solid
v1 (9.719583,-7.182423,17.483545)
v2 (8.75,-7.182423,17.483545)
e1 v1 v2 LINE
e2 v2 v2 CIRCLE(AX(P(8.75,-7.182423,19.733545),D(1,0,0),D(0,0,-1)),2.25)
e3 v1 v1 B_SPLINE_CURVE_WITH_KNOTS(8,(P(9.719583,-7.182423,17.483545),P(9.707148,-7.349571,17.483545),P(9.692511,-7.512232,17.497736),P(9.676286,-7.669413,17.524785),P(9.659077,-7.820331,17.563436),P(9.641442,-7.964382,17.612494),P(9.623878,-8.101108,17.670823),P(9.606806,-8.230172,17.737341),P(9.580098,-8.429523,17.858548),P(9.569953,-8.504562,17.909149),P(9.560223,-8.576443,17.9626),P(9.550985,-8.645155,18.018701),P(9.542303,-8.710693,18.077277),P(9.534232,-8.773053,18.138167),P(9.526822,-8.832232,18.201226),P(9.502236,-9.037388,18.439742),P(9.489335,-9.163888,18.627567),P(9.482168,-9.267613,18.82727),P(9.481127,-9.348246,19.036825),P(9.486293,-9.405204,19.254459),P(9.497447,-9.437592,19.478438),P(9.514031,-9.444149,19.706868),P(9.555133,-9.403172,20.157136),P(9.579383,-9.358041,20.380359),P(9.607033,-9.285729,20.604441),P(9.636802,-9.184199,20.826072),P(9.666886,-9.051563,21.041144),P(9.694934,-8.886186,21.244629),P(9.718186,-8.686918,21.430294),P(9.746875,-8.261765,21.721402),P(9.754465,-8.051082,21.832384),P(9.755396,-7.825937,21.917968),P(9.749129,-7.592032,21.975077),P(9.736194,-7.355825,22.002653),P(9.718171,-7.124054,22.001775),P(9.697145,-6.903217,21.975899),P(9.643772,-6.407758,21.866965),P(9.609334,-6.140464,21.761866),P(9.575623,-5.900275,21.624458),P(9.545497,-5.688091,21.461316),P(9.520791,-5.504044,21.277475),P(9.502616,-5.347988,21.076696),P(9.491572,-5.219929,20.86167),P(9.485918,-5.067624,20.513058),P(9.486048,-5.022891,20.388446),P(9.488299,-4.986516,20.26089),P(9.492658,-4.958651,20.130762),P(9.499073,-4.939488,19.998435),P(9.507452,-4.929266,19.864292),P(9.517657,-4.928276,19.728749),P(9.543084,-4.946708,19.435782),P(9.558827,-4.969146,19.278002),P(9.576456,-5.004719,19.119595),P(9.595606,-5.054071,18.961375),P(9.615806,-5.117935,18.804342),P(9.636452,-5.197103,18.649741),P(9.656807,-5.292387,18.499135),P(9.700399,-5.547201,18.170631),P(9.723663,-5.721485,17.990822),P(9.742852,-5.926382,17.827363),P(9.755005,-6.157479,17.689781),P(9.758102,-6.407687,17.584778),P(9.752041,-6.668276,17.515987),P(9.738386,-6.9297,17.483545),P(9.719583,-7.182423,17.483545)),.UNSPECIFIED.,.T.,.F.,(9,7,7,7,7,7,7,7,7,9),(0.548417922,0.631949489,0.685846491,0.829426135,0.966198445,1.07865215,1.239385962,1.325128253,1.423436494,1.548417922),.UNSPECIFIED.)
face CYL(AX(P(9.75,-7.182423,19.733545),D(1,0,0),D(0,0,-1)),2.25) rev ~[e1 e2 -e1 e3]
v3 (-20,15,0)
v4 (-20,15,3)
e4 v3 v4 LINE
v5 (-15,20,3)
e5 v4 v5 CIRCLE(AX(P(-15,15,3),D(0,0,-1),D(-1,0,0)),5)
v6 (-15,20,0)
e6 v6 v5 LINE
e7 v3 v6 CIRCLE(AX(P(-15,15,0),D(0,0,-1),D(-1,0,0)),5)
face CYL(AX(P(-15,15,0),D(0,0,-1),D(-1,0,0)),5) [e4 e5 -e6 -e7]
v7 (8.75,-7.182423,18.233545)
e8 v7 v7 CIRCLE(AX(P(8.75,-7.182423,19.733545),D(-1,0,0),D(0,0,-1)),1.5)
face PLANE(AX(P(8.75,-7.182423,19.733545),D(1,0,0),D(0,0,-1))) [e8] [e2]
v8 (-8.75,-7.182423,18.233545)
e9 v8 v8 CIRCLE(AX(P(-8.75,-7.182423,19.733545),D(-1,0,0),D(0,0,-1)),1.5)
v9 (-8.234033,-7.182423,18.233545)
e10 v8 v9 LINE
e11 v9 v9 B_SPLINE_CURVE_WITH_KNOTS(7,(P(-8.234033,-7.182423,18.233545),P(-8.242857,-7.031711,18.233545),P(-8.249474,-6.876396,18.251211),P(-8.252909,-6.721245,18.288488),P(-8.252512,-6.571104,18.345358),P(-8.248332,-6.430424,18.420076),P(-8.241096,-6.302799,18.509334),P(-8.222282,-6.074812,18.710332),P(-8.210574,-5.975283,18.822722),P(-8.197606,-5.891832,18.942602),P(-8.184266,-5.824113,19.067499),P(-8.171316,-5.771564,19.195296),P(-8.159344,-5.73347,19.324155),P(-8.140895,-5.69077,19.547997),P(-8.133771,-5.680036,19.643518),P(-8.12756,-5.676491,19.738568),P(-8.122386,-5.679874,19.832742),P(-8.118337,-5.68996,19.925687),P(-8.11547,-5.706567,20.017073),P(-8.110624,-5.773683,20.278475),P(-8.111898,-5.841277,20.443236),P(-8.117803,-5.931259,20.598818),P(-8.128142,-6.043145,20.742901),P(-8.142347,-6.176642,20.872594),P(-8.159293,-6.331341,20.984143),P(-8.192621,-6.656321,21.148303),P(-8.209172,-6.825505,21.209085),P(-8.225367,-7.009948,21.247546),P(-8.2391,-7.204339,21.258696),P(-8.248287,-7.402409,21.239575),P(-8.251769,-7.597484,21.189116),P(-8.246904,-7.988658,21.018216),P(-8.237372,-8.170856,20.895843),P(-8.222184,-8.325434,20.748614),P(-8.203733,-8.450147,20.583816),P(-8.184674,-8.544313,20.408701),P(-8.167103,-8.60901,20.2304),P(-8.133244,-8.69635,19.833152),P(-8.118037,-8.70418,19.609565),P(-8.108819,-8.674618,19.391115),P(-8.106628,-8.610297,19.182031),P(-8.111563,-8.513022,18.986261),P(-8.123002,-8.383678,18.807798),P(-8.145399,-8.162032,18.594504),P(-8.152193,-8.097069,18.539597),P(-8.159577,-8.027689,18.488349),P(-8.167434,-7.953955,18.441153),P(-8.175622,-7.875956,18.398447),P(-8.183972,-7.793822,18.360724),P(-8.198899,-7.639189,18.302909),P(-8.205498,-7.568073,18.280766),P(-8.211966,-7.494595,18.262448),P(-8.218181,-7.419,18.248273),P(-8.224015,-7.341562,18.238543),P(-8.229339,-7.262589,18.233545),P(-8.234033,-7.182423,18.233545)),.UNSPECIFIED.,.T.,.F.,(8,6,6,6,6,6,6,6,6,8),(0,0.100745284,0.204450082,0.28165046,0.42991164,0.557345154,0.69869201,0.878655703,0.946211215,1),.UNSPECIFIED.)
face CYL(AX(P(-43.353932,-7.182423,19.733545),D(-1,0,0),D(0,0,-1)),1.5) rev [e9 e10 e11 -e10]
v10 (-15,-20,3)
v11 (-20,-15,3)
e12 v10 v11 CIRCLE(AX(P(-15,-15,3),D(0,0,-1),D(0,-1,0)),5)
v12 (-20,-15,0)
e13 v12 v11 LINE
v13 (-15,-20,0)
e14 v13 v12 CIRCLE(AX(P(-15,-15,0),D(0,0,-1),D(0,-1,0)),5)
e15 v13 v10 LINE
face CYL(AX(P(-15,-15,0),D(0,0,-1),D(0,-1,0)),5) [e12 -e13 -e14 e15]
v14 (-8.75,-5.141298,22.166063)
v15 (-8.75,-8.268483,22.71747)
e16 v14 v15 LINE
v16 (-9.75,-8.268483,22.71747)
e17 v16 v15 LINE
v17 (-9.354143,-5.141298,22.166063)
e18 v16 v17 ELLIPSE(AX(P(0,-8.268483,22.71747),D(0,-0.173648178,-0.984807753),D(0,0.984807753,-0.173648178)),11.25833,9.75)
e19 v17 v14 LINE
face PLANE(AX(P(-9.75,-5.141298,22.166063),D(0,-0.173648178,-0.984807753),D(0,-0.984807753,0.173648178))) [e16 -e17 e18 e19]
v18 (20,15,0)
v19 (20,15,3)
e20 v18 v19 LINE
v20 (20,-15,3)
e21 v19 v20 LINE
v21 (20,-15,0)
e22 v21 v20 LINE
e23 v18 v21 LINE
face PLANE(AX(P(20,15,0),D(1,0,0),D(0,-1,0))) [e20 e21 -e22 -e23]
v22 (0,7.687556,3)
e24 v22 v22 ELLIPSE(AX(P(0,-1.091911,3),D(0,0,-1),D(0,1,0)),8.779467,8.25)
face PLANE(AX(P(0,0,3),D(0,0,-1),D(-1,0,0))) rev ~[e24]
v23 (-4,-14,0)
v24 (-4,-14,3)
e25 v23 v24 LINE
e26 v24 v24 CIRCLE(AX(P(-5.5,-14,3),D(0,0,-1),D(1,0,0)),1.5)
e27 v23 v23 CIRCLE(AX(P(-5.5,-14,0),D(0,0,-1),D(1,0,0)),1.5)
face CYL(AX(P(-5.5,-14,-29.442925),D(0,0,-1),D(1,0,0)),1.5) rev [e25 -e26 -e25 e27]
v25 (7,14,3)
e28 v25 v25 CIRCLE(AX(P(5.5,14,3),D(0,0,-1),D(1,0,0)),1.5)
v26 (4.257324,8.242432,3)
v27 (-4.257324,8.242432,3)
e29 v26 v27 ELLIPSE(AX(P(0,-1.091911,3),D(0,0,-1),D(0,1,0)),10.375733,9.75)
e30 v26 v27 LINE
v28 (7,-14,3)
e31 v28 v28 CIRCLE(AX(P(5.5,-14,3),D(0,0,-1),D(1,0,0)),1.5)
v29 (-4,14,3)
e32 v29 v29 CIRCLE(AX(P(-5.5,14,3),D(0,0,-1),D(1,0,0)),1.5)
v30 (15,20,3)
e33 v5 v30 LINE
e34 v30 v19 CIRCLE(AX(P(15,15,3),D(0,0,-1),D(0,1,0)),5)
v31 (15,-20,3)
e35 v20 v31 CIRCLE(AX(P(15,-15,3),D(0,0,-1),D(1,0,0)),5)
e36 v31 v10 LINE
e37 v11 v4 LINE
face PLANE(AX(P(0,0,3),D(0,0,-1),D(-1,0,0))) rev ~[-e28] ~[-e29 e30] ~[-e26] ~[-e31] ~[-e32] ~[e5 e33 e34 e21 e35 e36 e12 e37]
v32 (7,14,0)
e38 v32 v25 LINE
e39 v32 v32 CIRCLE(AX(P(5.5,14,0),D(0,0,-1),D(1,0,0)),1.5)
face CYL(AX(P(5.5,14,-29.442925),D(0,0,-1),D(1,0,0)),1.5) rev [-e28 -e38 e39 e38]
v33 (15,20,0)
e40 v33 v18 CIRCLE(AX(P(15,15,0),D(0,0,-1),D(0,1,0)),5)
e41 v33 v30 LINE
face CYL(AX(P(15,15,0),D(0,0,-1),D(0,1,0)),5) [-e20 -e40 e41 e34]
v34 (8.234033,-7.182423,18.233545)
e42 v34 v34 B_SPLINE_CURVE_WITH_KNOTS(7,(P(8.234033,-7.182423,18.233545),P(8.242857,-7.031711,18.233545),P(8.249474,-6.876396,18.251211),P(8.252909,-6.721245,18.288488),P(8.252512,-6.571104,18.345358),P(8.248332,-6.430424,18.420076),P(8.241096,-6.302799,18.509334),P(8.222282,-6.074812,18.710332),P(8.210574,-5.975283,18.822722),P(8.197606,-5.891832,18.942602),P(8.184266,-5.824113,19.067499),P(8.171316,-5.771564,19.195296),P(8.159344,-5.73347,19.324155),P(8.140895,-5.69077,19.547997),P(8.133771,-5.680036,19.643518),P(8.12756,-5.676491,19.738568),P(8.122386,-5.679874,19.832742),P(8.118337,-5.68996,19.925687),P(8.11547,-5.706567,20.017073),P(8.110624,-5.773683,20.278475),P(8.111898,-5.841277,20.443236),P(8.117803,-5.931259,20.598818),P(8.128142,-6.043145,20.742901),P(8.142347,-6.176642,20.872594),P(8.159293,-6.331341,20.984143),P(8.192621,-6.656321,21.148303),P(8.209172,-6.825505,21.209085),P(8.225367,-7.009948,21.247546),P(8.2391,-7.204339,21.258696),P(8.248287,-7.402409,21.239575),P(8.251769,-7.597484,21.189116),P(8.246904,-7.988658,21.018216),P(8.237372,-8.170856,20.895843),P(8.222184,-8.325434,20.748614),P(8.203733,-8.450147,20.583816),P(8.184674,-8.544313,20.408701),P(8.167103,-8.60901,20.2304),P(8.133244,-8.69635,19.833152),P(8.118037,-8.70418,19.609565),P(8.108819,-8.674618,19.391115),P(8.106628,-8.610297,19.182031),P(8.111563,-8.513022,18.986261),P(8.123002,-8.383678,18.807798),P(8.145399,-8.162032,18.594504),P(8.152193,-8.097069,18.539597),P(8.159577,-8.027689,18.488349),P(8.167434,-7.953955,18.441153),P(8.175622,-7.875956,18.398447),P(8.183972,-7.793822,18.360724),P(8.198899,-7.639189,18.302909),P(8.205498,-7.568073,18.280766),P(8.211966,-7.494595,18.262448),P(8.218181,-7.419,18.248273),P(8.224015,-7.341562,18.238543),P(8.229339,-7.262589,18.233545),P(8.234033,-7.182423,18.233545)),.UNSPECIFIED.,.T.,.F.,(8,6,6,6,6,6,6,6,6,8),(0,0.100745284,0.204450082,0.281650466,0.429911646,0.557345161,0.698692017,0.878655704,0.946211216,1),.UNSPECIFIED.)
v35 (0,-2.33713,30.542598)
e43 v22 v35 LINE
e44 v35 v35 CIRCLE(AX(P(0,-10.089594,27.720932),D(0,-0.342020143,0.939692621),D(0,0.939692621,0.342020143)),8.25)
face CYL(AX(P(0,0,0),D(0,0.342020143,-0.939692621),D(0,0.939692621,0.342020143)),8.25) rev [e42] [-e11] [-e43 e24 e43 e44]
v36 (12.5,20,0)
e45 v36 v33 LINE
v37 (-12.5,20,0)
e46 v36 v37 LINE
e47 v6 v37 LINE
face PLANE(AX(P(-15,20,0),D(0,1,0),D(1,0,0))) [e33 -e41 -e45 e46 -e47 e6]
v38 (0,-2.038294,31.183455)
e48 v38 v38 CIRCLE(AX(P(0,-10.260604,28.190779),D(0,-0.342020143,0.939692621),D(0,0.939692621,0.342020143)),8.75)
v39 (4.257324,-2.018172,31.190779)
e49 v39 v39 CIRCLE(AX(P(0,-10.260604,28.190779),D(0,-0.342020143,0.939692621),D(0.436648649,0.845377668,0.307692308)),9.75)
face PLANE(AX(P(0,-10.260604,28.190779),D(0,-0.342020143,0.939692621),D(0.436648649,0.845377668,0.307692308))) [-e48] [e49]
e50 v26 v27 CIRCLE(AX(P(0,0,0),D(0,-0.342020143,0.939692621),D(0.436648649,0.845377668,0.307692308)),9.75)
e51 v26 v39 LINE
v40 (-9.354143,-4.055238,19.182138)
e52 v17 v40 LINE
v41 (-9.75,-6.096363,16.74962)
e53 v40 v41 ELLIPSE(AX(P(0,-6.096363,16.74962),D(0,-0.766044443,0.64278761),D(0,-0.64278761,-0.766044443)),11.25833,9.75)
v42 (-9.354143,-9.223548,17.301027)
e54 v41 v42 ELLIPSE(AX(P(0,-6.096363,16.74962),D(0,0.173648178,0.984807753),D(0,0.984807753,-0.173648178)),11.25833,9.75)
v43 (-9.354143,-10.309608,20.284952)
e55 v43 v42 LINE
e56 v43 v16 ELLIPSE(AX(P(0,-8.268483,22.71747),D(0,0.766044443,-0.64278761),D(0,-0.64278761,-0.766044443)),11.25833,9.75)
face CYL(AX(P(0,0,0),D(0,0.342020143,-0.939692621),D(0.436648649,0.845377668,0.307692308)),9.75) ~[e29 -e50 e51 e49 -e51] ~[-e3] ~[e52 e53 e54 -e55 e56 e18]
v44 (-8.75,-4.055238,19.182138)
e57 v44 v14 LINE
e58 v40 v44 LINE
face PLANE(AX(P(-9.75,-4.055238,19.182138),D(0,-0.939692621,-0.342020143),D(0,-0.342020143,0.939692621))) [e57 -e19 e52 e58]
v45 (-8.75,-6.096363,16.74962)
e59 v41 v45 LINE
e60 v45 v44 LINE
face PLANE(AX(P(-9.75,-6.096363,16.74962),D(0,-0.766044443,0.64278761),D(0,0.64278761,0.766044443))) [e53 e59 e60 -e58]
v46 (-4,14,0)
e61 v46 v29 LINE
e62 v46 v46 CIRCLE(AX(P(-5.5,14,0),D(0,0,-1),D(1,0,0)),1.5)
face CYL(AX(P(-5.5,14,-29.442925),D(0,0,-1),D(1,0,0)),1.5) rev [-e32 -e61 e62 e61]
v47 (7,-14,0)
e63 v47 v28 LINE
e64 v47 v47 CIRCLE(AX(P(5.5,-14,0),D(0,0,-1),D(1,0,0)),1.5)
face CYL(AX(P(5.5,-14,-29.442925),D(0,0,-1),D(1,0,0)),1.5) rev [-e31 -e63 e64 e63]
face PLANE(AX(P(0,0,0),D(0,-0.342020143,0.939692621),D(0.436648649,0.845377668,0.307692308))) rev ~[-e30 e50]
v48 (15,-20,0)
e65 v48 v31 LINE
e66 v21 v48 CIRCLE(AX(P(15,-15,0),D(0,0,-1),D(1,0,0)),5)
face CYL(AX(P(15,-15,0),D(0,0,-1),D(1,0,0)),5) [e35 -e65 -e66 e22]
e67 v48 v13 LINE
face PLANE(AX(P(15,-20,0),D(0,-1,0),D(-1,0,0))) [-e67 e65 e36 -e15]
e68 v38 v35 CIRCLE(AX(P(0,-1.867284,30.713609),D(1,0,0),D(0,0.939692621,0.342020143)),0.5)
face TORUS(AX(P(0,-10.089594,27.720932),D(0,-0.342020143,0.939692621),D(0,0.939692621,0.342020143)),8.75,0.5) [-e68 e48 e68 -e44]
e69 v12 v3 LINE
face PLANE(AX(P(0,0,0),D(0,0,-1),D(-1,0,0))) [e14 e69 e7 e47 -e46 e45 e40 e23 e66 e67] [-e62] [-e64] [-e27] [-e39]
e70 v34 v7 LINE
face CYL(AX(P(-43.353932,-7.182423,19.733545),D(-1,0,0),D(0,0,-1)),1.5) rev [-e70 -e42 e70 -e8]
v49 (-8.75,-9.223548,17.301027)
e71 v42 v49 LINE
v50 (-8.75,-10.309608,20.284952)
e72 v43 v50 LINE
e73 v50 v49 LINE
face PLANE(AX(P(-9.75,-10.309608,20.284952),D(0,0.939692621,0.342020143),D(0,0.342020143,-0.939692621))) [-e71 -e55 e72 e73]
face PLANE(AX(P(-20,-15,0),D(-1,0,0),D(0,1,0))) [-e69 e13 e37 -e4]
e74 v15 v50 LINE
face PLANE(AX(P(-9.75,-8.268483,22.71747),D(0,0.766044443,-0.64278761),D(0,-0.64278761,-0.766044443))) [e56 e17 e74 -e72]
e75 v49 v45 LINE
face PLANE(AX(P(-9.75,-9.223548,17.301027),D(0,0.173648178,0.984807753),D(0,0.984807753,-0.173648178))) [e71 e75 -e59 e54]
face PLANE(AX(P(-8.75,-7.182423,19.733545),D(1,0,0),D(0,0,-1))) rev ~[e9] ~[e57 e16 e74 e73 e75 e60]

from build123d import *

# Parameters (mm, degrees)
EXTRUDE_1_DEPTH          = 3
CUT_EXTRUDE_2_DEPTH      = 29.442925307
CUT_EXTRUDE_2_DEPTH_BACK = 29.442925307
SKETCH_2_R               = 1.5
SKETCH_3_R               = 9.75
SKETCH_3_R_2             = 8.25
EXTRUDE_2_DEPTH          = 30
SKETCH_4_W               = 10.093928953
SKETCH_4_H               = 39.979180772
CUT_EXTRUDE_3_DEPTH      = 12.5
CUT_EXTRUDE_4_DEPTH      = 43.353932229
CUT_EXTRUDE_4_DEPTH_BACK = 43.353932229
SKETCH_5_R               = 1.5
SKETCH_6_R               = 2.25
CUT_EXTRUDE_5_DEPTH      = 1
CUT_EXTRUDE_6_DEPTH      = 1
FILLET_1_R               = 0.5


with BuildPart() as part:
    # 草圖1 → 填料-伸長1 (new body)
    with BuildSketch(Plane.XY):
        with BuildLine():
            Line((-15, 20), (15, 20))
            ThreePointArc((15, 20), (18.535533906, 18.535533906), (20, 15))
            Line((20, 15), (20, -15))
            ThreePointArc((20, -15), (18.535533906, -18.535533906), (15, -20))
            Line((15, -20), (-15, -20))
            ThreePointArc((-15, -20), (-18.535533906, -18.535533906), (-20, -15))
            Line((-20, -15), (-20, 15))
            ThreePointArc((-20, 15), (-18.535533906, 18.535533906), (-15, 20))
        make_face()
    extrude(amount=EXTRUDE_1_DEPTH)

    # 草圖2 → 除料-伸長2 (cut, two sides: drawn at the far end of the back side and taken through both)
    with BuildSketch(Plane.XY.offset(-CUT_EXTRUDE_2_DEPTH_BACK)):
        with Locations((-5.5, 14)):
            Circle(SKETCH_2_R)
        with Locations((5.5, 14)):
            Circle(SKETCH_2_R)
        with Locations((5.5, -14)):
            Circle(SKETCH_2_R)
        with Locations((-5.5, -14)):
            Circle(SKETCH_2_R)
    extrude(amount=CUT_EXTRUDE_2_DEPTH + CUT_EXTRUDE_2_DEPTH_BACK, mode=Mode.SUBTRACT)

    # 草圖3 → 填料-伸長2 (add)
    with BuildSketch(Plane(origin=(0, 0, 0), x_dir=(1, 0, 0), z_dir=(0, -0.34202014332566943, 0.9396926207859081))):
        Circle(SKETCH_3_R)
        Circle(SKETCH_3_R_2, mode=Mode.SUBTRACT)
    extrude(amount=EXTRUDE_2_DEPTH)

    # 草圖4 → 除料-伸長3 (cut, symmetric)
    with BuildSketch(Plane(origin=(0, 0, 0), x_dir=(0, 0, -1), z_dir=(1, 0, 0))):
        with Locations((5.046964477, 0.010409614)):
            Rectangle(SKETCH_4_W, SKETCH_4_H)
    extrude(amount=CUT_EXTRUDE_3_DEPTH, both=True, mode=Mode.SUBTRACT)

    # 草圖5 → 除料-伸長4 (cut, two sides: drawn at the far end of the back side and taken through both)
    with BuildSketch(Plane(origin=(0, 0, 0), x_dir=(0, 0, -1), z_dir=(1, 0, 0)).offset(-CUT_EXTRUDE_4_DEPTH_BACK)):
        with Locations((-19.733545037, -7.18242301)):
            Circle(SKETCH_5_R)
    extrude(amount=CUT_EXTRUDE_4_DEPTH + CUT_EXTRUDE_4_DEPTH_BACK, mode=Mode.SUBTRACT)

    # 草圖6 → 除料-伸長5 (cut)
    with BuildSketch(Plane(origin=(9.75, 0, 0), x_dir=(0, 0, -1), z_dir=(1, 0, 0))):
        with Locations((-19.733545037, -7.18242301)):
            Circle(SKETCH_6_R)
    extrude(amount=-CUT_EXTRUDE_5_DEPTH, mode=Mode.SUBTRACT)

    # 草圖7 → 除料-伸長6 (cut)
    with BuildSketch(Plane(origin=(-9.75, 0, 0), x_dir=(0, 0, -1), z_dir=(1, 0, 0))):
        Polygon((-17.301027227, -9.223547807), (-16.749620205, -6.09636319), (-19.182138015, -4.055238393), (-22.166062846, -5.141298213), (-22.717469868, -8.26848283), (-20.284952058, -10.309607627), align=None)
    extrude(amount=CUT_EXTRUDE_6_DEPTH, mode=Mode.SUBTRACT)

    # 圓角1
    fillet_1_edges = [part.edges().sort_by_distance(p)[0] for p in [
        (-8.25, -10.2606043, 28.190778624),
    ]]
    fillet(fillet_1_edges, radius=FILLET_1_R)


solid = part.part
